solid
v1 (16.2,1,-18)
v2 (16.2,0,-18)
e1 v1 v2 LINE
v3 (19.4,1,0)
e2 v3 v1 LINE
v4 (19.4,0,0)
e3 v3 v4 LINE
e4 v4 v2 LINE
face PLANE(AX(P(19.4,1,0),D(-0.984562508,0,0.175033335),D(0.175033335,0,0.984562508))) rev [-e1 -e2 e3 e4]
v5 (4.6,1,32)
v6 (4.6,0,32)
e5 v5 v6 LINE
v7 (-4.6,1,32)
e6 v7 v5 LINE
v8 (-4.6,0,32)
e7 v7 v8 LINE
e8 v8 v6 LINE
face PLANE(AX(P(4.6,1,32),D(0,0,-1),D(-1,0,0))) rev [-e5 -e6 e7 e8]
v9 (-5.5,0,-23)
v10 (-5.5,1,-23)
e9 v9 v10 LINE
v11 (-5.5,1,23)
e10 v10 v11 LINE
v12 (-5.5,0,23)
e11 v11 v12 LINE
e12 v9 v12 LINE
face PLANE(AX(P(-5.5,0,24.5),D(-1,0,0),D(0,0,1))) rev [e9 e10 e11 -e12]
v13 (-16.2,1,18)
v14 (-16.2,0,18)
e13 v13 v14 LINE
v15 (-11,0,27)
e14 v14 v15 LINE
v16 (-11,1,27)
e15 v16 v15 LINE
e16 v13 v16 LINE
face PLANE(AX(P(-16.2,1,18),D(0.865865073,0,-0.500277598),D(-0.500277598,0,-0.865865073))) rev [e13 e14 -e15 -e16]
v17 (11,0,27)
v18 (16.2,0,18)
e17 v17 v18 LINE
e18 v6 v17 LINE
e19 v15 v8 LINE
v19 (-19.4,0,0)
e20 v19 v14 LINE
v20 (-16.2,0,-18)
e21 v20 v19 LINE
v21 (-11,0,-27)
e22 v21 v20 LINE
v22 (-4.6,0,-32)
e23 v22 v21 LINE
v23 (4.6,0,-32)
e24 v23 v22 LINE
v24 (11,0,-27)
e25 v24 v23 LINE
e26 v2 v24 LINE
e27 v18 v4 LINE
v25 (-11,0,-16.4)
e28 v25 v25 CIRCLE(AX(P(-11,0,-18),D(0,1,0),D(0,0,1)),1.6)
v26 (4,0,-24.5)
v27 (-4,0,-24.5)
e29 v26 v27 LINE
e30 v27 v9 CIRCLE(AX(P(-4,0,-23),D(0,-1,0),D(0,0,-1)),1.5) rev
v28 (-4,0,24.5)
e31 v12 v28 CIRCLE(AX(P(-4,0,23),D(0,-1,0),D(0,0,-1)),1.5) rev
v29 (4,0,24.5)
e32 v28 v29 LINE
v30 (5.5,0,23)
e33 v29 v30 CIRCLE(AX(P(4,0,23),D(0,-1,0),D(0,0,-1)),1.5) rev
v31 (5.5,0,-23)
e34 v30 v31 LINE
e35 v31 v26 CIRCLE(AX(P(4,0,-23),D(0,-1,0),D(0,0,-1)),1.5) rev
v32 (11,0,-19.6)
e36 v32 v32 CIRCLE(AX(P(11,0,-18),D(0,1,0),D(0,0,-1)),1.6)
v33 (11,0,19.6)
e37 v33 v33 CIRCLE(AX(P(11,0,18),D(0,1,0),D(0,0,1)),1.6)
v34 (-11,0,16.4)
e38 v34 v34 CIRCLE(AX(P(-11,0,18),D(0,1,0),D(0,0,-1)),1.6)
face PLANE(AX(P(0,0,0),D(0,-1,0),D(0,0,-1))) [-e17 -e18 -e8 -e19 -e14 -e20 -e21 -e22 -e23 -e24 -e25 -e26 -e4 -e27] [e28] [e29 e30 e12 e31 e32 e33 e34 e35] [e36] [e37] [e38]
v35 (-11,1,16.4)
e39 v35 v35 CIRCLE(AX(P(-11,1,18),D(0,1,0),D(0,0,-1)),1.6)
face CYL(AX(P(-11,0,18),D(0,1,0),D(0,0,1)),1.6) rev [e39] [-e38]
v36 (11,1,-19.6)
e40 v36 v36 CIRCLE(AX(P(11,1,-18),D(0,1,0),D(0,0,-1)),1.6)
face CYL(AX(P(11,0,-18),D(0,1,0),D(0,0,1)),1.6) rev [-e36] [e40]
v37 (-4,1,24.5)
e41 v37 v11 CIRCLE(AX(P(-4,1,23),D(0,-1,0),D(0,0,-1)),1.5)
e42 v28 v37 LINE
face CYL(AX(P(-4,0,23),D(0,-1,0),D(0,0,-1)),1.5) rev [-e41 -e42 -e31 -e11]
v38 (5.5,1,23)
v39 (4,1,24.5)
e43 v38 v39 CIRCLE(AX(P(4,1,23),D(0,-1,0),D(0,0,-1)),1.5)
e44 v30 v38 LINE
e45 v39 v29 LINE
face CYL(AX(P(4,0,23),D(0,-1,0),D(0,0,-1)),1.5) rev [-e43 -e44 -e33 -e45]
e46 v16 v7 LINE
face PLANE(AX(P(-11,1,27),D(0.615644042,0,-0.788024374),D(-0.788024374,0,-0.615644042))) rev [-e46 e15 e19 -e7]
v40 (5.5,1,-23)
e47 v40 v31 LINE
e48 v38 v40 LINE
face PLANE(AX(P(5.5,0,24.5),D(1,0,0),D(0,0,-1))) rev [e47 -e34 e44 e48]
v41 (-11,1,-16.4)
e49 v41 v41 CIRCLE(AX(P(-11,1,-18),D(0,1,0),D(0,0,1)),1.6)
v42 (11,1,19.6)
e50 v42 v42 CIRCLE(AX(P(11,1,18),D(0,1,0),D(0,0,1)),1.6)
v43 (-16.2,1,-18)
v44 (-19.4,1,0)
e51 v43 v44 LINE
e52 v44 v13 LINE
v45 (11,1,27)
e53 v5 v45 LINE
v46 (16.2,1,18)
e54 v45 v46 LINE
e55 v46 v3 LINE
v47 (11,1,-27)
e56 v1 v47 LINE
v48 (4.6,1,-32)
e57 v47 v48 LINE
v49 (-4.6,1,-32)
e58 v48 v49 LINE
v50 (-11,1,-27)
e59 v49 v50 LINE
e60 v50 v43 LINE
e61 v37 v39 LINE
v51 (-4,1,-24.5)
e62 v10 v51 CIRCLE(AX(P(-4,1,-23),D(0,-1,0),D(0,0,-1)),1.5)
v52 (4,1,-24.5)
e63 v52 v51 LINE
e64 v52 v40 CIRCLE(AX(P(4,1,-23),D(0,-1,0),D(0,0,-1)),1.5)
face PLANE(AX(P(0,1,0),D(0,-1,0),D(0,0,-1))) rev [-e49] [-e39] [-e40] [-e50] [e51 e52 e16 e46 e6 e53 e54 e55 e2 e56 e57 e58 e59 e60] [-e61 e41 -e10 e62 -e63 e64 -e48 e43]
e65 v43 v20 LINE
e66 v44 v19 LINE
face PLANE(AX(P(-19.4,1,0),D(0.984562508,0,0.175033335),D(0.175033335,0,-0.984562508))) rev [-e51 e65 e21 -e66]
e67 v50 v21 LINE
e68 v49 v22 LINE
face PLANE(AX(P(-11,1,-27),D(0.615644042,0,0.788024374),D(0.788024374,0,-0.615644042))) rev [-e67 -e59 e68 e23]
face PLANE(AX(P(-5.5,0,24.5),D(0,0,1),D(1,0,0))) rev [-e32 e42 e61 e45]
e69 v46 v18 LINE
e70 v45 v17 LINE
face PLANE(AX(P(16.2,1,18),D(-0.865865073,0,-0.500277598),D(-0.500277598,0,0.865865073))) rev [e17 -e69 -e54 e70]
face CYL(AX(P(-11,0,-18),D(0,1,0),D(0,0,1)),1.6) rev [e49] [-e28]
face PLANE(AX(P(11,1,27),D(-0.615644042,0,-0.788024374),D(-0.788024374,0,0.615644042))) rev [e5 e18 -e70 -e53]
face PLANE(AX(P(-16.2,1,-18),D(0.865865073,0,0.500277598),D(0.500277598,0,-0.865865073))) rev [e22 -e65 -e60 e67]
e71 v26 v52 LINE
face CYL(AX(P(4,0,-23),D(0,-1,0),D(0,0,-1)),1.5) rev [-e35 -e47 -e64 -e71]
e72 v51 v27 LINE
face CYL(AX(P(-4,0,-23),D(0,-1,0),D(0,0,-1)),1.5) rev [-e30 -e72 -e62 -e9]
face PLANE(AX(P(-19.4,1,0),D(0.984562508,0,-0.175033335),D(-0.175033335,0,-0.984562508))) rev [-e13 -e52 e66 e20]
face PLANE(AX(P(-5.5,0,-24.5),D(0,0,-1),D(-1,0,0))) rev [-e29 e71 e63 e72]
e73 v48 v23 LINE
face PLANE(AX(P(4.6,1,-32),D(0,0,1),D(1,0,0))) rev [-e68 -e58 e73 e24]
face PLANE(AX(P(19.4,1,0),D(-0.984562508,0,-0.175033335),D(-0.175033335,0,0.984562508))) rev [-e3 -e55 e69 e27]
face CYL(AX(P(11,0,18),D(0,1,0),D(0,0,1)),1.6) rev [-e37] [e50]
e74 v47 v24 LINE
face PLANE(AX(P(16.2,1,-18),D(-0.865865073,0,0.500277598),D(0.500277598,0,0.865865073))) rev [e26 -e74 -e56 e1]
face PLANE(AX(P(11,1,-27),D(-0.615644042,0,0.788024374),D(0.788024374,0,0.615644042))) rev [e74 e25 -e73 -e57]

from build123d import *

# Parameters (mm, degrees)
BOSS_EXTRUDE1_DEPTH = 1
SKETCH2_W           = 11
SKETCH2_H           = 49
CUT_EXTRUDE1_DEPTH  = 38.434743221
FILLET1_R           = 1.5
SKETCH3_R           = 1.6
CUT_EXTRUDE2_DEPTH  = 38.434743221


with BuildPart() as part:
    # Sketch1 → Boss-Extrude1 (new body)
    with BuildSketch(Plane(origin=(0, 0, 0), x_dir=(1, 0, 0), z_dir=(0, 1, 0))):
        Polygon((19.4, 0), (16.2, 18), (11, 27), (4.6, 32), (-4.6, 32), (-11, 27), (-16.2, 18), (-19.4, 0), (-16.2, -18), (-11, -27), (-4.6, -32), (4.6, -32), (11, -27), (16.2, -18), align=None)
    extrude(amount=BOSS_EXTRUDE1_DEPTH)

    # Sketch2 → Cut-Extrude1 (cut, through all)
    with BuildSketch(Plane(origin=(0, 1, 0), x_dir=(1, 0, 0), z_dir=(0, 1, 0))):
        Rectangle(SKETCH2_W, SKETCH2_H)
    extrude(amount=-CUT_EXTRUDE1_DEPTH, mode=Mode.SUBTRACT)

    # Fillet1
    fillet1_edges = [part.edges().sort_by_distance(p)[0] for p in [
        (5.5, 0.5, -24.5),
        (5.5, 0.5, 24.5),
        (-5.5, 0.5, 24.5),
        (-5.5, 0.5, -24.5),
    ]]
    fillet(fillet1_edges, radius=FILLET1_R)

    # Sketch3 → Cut-Extrude2 (cut, through all)
    with BuildSketch(Plane(origin=(0, 1, 0), x_dir=(1, 0, 0), z_dir=(0, 1, 0))):
        with Locations(Location((-11, 18, 0), (0, 0, 270))):
            Circle(SKETCH3_R)
        with Locations(Location((11, 18, 0), (0, 0, 90))):
            Circle(SKETCH3_R)
        with Locations(Location((-11, -18, 0), (0, 0, 90))):
            Circle(SKETCH3_R)
        with Locations(Location((11, -18, 0), (0, 0, 270))):
            Circle(SKETCH3_R)
    extrude(amount=-CUT_EXTRUDE2_DEPTH, mode=Mode.SUBTRACT)


solid = part.part
